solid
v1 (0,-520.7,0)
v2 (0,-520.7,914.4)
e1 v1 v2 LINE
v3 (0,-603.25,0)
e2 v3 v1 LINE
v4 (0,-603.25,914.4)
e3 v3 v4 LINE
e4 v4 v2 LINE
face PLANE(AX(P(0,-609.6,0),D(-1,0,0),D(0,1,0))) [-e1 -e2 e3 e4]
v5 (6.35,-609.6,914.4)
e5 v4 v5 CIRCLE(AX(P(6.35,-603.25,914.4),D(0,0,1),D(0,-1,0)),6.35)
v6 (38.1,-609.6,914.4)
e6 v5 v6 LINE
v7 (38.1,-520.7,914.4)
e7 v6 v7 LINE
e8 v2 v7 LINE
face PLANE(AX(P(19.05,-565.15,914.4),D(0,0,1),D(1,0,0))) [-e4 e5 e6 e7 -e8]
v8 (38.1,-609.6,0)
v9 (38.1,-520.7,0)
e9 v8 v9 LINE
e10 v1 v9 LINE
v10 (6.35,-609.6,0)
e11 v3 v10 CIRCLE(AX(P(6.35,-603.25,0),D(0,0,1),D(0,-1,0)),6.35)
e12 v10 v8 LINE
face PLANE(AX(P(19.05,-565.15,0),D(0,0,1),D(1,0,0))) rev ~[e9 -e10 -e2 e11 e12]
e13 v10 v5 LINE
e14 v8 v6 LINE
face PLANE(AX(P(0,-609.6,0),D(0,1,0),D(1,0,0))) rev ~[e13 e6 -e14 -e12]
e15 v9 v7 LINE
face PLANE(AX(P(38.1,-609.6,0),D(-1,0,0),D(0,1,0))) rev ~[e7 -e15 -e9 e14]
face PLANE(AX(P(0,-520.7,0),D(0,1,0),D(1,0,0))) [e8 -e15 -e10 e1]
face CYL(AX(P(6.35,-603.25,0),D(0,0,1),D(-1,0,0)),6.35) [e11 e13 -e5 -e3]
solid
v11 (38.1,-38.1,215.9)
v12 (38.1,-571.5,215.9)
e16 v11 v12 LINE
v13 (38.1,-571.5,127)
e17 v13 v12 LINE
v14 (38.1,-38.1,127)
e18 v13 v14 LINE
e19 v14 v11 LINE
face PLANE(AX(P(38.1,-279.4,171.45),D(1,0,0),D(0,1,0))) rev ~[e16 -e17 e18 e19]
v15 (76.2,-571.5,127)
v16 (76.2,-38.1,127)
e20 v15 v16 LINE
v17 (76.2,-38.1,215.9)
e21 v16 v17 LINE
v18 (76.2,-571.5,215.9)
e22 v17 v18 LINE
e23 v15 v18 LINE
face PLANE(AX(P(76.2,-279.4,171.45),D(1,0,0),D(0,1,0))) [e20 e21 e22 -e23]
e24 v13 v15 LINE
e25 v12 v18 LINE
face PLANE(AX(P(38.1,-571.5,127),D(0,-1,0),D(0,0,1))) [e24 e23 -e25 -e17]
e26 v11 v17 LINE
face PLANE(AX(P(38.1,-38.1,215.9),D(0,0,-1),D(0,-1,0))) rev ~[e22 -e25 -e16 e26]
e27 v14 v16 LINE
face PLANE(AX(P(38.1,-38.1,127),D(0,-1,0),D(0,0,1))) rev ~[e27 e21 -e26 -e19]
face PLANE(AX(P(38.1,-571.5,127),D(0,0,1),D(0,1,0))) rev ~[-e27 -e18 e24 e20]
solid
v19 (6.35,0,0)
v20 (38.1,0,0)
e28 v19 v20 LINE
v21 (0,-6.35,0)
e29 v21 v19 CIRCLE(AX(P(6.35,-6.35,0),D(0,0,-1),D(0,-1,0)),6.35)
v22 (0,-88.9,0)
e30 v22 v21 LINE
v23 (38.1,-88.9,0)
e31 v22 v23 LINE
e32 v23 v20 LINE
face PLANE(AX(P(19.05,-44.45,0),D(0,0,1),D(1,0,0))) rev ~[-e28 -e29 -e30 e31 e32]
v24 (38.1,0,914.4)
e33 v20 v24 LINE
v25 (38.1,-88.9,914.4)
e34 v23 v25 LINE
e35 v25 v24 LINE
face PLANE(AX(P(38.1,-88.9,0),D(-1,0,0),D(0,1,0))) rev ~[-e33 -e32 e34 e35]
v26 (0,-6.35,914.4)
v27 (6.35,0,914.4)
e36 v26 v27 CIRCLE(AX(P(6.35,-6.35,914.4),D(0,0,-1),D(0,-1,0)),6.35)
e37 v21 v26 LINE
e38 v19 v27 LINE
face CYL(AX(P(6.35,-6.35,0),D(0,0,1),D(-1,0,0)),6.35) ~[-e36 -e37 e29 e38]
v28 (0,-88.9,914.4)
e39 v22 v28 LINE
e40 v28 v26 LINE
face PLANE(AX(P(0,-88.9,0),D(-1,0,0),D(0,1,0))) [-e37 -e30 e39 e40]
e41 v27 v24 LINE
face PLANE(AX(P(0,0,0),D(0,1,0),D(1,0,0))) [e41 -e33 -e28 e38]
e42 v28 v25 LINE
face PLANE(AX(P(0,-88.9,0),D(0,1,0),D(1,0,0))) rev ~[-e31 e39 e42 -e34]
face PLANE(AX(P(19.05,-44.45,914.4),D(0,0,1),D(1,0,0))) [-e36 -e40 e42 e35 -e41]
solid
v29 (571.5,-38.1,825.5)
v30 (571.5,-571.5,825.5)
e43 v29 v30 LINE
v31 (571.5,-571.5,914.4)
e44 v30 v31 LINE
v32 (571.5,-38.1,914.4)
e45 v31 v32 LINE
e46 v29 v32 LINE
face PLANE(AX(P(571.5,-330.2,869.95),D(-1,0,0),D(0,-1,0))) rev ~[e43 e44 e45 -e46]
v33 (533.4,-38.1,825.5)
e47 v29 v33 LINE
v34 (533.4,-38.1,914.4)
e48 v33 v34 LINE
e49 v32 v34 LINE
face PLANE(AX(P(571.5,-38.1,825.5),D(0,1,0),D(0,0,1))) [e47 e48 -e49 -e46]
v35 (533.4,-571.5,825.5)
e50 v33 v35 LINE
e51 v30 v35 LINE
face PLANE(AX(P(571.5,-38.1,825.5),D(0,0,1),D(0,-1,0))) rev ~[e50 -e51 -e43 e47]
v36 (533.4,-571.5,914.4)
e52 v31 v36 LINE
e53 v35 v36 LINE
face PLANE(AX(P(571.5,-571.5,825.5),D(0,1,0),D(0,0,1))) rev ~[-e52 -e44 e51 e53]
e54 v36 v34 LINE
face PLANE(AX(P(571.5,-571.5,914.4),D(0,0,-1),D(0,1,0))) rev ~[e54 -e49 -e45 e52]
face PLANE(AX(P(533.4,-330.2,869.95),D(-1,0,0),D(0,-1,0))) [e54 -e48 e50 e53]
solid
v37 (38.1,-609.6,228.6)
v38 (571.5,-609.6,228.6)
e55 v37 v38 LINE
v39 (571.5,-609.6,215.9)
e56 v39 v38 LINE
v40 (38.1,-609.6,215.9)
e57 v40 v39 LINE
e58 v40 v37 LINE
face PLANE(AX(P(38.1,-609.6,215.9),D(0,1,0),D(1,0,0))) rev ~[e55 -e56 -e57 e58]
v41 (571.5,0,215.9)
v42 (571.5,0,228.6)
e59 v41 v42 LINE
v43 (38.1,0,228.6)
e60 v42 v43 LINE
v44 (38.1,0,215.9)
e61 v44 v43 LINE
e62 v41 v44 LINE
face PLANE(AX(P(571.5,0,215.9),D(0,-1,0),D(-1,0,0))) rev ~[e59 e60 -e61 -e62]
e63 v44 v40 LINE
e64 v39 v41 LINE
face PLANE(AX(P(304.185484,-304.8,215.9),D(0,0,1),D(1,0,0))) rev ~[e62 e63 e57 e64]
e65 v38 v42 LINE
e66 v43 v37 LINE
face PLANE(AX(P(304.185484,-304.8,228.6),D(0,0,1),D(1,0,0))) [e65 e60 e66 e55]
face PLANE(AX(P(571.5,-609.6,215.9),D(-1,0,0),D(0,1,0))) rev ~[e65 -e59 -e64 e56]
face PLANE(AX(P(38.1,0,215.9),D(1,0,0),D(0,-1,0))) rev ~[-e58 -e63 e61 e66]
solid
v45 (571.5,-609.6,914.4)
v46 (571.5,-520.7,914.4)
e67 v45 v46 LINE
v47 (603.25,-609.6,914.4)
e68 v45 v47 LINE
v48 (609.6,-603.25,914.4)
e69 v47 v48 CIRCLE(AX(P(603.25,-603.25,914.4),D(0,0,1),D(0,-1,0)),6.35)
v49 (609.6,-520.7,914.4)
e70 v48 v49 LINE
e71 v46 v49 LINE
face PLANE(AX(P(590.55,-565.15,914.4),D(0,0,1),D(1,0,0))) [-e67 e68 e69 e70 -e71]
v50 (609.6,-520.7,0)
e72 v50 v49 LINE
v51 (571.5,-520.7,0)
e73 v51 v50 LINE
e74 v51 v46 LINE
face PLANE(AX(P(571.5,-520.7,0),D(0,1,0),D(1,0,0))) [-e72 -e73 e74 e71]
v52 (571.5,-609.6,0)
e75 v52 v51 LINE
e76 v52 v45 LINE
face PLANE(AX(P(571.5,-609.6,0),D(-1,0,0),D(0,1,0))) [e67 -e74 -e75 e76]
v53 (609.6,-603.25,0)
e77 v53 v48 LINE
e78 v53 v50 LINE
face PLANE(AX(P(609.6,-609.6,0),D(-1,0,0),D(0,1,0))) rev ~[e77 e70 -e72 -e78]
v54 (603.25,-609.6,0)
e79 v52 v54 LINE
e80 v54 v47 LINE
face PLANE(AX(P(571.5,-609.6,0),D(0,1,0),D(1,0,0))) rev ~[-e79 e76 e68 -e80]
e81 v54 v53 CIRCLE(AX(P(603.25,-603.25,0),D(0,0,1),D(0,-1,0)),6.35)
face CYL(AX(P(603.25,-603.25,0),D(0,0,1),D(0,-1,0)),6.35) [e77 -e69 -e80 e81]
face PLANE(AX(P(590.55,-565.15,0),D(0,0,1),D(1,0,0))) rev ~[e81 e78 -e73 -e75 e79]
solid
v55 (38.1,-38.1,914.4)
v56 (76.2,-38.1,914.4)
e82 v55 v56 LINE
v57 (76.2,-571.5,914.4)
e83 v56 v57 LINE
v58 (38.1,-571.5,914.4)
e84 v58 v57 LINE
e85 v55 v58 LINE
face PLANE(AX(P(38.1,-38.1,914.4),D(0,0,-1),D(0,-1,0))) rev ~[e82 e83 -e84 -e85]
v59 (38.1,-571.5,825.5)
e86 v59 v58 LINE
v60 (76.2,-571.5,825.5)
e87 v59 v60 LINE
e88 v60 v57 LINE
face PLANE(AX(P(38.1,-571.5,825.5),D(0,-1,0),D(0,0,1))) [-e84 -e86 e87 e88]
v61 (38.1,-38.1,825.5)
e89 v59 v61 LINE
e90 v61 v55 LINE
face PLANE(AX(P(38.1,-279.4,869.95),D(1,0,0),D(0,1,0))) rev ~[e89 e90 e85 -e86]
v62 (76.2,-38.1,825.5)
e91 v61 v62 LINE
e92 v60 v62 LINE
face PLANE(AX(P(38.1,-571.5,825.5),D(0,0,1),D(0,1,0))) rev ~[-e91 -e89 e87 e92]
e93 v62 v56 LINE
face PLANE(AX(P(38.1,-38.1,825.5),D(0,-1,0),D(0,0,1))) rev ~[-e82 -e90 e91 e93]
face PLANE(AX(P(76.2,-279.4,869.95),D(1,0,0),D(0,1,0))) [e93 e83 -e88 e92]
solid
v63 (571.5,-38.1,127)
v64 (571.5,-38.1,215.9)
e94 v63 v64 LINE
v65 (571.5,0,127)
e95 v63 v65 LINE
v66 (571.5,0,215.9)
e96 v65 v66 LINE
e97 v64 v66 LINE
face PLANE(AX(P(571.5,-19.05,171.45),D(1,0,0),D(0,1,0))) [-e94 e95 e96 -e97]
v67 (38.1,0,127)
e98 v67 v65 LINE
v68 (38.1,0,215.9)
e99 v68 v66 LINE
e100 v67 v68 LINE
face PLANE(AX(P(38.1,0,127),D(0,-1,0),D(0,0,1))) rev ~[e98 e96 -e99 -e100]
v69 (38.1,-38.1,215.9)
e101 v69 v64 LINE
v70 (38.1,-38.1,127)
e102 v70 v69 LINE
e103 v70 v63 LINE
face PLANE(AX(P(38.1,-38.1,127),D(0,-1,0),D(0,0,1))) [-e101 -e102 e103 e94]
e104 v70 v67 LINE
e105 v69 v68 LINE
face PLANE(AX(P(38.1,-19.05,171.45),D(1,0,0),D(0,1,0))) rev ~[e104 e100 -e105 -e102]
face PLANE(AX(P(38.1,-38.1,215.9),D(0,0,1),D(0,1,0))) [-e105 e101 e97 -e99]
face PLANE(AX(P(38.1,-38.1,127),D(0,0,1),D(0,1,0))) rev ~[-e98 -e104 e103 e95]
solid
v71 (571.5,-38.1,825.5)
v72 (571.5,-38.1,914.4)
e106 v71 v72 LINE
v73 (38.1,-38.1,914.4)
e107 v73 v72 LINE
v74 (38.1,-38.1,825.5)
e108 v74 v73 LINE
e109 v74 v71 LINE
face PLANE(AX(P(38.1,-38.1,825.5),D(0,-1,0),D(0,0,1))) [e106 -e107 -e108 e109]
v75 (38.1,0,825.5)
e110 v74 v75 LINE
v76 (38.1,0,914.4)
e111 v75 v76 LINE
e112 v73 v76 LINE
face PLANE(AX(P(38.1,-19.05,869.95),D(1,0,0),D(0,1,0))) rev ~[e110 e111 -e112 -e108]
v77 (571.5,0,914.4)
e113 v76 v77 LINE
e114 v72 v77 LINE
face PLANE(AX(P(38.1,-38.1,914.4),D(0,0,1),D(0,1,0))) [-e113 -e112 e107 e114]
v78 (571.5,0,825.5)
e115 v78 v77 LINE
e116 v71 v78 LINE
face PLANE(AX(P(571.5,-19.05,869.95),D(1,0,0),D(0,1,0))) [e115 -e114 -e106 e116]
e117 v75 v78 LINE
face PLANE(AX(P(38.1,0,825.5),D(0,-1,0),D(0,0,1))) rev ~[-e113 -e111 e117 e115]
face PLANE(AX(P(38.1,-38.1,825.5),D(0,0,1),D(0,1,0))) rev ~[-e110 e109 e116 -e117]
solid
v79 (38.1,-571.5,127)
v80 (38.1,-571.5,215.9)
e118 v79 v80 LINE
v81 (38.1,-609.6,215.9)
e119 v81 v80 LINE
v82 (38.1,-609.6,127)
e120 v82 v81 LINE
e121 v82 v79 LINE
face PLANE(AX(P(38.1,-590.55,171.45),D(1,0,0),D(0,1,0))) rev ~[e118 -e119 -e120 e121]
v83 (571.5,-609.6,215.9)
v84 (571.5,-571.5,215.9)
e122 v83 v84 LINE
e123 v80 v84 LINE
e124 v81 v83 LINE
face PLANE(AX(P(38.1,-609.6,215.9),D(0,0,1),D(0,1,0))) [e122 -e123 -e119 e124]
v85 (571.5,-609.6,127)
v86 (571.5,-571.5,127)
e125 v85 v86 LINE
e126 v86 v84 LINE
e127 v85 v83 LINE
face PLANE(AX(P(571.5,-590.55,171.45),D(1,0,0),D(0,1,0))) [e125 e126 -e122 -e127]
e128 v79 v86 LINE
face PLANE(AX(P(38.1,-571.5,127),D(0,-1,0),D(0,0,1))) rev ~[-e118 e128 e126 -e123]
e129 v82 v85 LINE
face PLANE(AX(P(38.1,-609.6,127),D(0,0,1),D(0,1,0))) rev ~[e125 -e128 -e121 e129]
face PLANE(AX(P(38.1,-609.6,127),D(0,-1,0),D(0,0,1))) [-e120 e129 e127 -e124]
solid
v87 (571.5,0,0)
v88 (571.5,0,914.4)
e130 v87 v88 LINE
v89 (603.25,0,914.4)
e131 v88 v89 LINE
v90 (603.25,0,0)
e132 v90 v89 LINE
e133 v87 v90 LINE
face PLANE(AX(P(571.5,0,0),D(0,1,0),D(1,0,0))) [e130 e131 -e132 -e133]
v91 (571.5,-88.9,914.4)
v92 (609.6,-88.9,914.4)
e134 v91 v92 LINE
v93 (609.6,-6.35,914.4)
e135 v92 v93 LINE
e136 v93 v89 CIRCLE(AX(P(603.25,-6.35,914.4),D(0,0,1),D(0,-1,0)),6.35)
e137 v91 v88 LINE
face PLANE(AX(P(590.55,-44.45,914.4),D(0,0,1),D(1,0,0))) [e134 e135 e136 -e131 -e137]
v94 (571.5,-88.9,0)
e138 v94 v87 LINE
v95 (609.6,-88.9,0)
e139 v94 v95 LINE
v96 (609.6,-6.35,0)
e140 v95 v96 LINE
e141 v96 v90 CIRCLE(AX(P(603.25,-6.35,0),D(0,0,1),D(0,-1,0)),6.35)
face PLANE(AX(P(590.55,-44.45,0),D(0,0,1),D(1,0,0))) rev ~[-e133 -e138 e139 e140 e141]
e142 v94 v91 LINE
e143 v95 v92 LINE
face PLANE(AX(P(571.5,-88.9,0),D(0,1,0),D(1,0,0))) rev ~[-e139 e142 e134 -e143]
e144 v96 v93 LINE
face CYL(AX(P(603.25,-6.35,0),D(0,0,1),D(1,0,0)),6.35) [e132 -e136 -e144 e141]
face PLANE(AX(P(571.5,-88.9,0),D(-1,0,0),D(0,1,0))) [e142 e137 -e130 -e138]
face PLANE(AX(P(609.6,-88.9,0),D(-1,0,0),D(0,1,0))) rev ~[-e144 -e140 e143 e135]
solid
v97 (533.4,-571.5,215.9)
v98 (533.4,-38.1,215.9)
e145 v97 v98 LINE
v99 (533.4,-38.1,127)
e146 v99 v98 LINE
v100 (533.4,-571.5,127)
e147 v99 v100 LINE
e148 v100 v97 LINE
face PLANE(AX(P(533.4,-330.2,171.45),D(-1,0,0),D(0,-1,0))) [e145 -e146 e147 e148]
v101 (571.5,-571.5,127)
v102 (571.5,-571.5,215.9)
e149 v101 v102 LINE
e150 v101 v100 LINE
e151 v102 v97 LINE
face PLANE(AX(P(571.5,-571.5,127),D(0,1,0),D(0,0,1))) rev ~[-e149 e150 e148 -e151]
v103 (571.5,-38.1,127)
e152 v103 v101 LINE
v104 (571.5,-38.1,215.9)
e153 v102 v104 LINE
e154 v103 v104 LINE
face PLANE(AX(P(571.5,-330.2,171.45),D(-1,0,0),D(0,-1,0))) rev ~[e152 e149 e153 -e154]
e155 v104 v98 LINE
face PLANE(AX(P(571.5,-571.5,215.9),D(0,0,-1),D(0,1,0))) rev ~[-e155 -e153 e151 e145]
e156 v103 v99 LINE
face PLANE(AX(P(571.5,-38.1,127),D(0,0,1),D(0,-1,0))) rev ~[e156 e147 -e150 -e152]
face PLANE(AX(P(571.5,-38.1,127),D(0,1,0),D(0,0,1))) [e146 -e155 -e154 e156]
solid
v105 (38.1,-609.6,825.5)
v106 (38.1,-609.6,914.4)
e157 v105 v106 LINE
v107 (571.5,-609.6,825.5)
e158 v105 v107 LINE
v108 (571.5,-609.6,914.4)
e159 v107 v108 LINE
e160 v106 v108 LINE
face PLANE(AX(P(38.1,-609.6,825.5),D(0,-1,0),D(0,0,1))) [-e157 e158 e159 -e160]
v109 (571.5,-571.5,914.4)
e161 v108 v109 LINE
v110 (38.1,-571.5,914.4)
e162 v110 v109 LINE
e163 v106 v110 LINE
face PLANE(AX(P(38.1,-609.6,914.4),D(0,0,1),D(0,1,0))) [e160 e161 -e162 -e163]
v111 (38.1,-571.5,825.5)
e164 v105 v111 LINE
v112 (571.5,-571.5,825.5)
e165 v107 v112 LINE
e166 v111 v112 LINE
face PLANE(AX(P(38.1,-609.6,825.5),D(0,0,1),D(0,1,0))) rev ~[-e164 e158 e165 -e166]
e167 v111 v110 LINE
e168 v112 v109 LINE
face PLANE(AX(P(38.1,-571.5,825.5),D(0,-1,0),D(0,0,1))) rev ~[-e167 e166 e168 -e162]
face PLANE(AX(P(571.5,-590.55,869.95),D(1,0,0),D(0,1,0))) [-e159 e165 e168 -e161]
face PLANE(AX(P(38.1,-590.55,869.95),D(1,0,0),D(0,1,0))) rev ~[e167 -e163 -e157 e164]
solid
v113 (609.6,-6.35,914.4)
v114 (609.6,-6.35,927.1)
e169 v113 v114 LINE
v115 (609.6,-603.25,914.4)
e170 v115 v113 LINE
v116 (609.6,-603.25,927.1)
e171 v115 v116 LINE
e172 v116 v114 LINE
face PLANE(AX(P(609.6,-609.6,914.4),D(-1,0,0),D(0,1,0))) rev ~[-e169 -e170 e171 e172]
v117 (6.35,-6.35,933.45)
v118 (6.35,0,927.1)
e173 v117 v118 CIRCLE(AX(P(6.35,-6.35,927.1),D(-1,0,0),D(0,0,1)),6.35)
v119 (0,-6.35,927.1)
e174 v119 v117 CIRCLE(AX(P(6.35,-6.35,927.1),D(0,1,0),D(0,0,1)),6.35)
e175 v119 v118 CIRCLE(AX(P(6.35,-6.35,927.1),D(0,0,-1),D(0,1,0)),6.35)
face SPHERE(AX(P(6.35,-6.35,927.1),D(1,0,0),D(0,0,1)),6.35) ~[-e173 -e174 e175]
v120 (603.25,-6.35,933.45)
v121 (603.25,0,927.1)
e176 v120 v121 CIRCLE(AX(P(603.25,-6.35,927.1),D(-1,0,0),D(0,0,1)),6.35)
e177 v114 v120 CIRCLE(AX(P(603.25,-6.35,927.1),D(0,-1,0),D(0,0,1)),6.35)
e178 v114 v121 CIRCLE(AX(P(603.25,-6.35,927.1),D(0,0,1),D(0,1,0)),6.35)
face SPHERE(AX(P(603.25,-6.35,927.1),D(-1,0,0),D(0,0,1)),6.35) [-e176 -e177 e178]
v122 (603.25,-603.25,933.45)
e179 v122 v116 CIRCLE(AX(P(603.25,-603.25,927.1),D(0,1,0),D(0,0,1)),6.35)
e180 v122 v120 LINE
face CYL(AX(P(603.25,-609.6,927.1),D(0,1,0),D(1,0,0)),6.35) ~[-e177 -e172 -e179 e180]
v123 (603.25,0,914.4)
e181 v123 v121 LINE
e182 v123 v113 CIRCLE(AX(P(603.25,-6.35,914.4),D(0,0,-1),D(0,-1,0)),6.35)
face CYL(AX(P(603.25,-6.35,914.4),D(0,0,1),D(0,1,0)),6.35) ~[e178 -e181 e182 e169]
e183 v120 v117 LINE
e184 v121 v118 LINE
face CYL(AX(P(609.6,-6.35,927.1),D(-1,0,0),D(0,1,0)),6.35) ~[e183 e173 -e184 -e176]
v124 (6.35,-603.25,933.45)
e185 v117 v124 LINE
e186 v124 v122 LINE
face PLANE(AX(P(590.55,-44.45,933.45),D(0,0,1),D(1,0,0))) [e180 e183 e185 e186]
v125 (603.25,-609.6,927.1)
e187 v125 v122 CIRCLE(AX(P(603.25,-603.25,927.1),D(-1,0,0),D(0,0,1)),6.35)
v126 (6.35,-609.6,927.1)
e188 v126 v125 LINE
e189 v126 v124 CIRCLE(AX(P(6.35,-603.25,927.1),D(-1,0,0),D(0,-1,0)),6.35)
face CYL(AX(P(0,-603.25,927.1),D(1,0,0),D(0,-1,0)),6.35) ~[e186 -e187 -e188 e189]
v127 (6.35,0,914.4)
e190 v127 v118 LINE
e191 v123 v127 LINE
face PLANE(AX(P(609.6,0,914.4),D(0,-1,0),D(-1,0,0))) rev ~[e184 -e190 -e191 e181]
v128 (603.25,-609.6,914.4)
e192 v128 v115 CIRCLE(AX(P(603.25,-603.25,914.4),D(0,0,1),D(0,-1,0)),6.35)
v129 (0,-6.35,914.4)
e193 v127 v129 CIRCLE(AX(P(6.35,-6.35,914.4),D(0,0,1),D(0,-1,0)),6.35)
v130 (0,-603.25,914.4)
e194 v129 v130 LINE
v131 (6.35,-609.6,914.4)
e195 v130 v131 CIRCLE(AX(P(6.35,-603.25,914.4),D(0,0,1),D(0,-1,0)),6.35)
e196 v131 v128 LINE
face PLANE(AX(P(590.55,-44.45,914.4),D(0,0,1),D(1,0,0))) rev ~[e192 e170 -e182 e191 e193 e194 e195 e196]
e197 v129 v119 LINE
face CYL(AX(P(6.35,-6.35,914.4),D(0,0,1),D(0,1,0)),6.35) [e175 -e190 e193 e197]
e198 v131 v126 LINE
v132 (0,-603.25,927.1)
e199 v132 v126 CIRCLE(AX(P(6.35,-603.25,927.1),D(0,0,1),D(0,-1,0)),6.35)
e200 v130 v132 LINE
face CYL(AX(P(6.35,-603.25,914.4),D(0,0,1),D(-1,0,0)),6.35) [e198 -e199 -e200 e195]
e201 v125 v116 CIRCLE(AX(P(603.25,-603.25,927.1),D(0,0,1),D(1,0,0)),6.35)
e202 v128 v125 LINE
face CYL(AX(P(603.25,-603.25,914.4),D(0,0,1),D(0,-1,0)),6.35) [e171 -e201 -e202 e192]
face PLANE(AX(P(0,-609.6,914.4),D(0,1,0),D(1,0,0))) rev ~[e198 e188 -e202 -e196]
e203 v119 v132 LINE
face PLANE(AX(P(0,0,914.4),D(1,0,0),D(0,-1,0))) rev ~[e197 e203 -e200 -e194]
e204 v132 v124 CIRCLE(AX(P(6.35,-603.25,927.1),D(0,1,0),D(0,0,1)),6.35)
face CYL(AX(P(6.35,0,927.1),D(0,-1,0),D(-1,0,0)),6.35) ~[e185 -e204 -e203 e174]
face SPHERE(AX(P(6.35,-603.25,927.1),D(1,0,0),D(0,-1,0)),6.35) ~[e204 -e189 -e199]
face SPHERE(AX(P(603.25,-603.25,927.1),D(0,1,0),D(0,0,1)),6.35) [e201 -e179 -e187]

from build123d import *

# Parameters (mm, degrees)
F0_W      = 38.1
F0_H      = 88.9
F1_DEPTH  = 914.4
F2_W      = 38.1
F2_H      = 88.9
F3_DEPTH  = 533.4
F2_W_2    = 482.6
F2_W_3    = 50.8
F4_DEPTH  = 38.1
F5_W      = 482.6
F5_H      = 88.9
F5_W_2    = 50.8
F6_DEPTH  = 38.1
F7_W      = 38.1
F7_H      = 88.9
F8_DEPTH  = 19.05
F9_W      = 38.1
F9_H      = 533.4
F10_DEPTH = 12.7
F11_R     = 6.35
F12_R     = 6.35


with BuildPart() as f1:
    # F0 (on Top) → F1 (new body)
    with BuildSketch(Plane.XY):
        with Locations((590.55, -44.45)):
            Rectangle(F0_W, F0_H)
        with Locations((19.05, -44.45)):
            Rectangle(F0_W, F0_H)
        with Locations((590.55, -565.15)):
            Rectangle(F0_W, F0_H)
        with Locations((19.05, -565.15)):
            Rectangle(F0_W, F0_H)
    extrude(amount=F1_DEPTH)

    # F12
    f12_edges = [f1.edges().sort_by_distance(p)[0] for p in [
        (0, -609.6, 457.2),
        (609.6, -609.6, 457.2),
        (609.6, 0, 457.2),
        (0, 0, 457.2),
    ]]
    fillet(f12_edges, radius=F12_R)


with BuildPart() as f3:
    # F2 (on face) → F3 (new body, through all)
    with BuildSketch(Plane.YZ.offset(38.1)):
        with Locations((-590.55, 869.95)):
            Rectangle(F2_W, F2_H)
        with Locations((-19.05, 171.45)):
            Rectangle(F2_W, F2_H)
        with Locations((-19.05, 869.95)):
            Rectangle(F2_W, F2_H)
        with Locations((-590.55, 171.45)):
            Rectangle(F2_W, F2_H)
    extrude(amount=F3_DEPTH)


with BuildPart() as f4:
    # F2 (on face) → F4 (new body)
    with BuildSketch(Plane.YZ.offset(38.1)):
        with Locations((-279.4, 869.95)):
            Rectangle(F2_W_2, F2_H)
        with Locations((-279.4, 171.45)):
            Rectangle(F2_W_2, F2_H)
        with Locations((-546.1, 171.45)):
            Rectangle(F2_W_3, F2_H)
        with Locations((-546.1, 869.95)):
            Rectangle(F2_W_3, F2_H)
    extrude(amount=F4_DEPTH)


with BuildPart() as f6:
    # F5 (on face) → F6 (new body)
    with BuildSketch(Plane(origin=(571.5, 0, 0), x_dir=(0, -1, 0), z_dir=(-1, 0, 0))):
        with Locations((330.2, 171.45)):
            Rectangle(F5_W, F5_H)
        with Locations((330.2, 869.95)):
            Rectangle(F5_W, F5_H)
        with Locations((63.5, 869.95)):
            Rectangle(F5_W_2, F5_H)
        with Locations((63.5, 171.45)):
            Rectangle(F5_W_2, F5_H)
    extrude(amount=F6_DEPTH)


with BuildPart() as f8:
    # F7 (on face) → F8 (new body)
    with BuildSketch(Plane.XY.offset(914.4)):
        with Locations((590.55, -44.45)):
            Rectangle(F7_W, F7_H)
        Polygon((571.5, -88.9), (571.5, 0), (0, 0), (0, -609.6), (609.6, -609.6), (609.6, -88.9), align=None)
    extrude(amount=F8_DEPTH)

    # F11
    f11_edges = [f8.edges().sort_by_distance(p)[0] for p in [
        (304.8, 0, 933.45),
        (609.6, -304.8, 933.45),
        (304.8, -609.6, 933.45),
        (609.6, 0, 923.925),
        (609.6, -609.6, 923.925),
        (0, -609.6, 923.925),
        (0, -304.8, 933.45),
        (0, 0, 923.925),
    ]]
    fillet(f11_edges, radius=F11_R)


with BuildPart() as f10:
    # F9 (on face) → F10 (new body)
    with BuildSketch(Plane.XY.offset(215.9)):
        Polygon((571.5, -38.1), (571.5, 0), (38.1, 0), (38.1, -609.6), (571.5, -609.6), (571.5, -571.5), (533.4, -571.5), (533.4, -38.1), align=None)
        with Locations((552.45, -304.8)):
            Rectangle(F9_W, F9_H)
    extrude(amount=F10_DEPTH)


solid = Compound([f1.part, f3.part, f4.part, f6.part, f8.part, f10.part])
